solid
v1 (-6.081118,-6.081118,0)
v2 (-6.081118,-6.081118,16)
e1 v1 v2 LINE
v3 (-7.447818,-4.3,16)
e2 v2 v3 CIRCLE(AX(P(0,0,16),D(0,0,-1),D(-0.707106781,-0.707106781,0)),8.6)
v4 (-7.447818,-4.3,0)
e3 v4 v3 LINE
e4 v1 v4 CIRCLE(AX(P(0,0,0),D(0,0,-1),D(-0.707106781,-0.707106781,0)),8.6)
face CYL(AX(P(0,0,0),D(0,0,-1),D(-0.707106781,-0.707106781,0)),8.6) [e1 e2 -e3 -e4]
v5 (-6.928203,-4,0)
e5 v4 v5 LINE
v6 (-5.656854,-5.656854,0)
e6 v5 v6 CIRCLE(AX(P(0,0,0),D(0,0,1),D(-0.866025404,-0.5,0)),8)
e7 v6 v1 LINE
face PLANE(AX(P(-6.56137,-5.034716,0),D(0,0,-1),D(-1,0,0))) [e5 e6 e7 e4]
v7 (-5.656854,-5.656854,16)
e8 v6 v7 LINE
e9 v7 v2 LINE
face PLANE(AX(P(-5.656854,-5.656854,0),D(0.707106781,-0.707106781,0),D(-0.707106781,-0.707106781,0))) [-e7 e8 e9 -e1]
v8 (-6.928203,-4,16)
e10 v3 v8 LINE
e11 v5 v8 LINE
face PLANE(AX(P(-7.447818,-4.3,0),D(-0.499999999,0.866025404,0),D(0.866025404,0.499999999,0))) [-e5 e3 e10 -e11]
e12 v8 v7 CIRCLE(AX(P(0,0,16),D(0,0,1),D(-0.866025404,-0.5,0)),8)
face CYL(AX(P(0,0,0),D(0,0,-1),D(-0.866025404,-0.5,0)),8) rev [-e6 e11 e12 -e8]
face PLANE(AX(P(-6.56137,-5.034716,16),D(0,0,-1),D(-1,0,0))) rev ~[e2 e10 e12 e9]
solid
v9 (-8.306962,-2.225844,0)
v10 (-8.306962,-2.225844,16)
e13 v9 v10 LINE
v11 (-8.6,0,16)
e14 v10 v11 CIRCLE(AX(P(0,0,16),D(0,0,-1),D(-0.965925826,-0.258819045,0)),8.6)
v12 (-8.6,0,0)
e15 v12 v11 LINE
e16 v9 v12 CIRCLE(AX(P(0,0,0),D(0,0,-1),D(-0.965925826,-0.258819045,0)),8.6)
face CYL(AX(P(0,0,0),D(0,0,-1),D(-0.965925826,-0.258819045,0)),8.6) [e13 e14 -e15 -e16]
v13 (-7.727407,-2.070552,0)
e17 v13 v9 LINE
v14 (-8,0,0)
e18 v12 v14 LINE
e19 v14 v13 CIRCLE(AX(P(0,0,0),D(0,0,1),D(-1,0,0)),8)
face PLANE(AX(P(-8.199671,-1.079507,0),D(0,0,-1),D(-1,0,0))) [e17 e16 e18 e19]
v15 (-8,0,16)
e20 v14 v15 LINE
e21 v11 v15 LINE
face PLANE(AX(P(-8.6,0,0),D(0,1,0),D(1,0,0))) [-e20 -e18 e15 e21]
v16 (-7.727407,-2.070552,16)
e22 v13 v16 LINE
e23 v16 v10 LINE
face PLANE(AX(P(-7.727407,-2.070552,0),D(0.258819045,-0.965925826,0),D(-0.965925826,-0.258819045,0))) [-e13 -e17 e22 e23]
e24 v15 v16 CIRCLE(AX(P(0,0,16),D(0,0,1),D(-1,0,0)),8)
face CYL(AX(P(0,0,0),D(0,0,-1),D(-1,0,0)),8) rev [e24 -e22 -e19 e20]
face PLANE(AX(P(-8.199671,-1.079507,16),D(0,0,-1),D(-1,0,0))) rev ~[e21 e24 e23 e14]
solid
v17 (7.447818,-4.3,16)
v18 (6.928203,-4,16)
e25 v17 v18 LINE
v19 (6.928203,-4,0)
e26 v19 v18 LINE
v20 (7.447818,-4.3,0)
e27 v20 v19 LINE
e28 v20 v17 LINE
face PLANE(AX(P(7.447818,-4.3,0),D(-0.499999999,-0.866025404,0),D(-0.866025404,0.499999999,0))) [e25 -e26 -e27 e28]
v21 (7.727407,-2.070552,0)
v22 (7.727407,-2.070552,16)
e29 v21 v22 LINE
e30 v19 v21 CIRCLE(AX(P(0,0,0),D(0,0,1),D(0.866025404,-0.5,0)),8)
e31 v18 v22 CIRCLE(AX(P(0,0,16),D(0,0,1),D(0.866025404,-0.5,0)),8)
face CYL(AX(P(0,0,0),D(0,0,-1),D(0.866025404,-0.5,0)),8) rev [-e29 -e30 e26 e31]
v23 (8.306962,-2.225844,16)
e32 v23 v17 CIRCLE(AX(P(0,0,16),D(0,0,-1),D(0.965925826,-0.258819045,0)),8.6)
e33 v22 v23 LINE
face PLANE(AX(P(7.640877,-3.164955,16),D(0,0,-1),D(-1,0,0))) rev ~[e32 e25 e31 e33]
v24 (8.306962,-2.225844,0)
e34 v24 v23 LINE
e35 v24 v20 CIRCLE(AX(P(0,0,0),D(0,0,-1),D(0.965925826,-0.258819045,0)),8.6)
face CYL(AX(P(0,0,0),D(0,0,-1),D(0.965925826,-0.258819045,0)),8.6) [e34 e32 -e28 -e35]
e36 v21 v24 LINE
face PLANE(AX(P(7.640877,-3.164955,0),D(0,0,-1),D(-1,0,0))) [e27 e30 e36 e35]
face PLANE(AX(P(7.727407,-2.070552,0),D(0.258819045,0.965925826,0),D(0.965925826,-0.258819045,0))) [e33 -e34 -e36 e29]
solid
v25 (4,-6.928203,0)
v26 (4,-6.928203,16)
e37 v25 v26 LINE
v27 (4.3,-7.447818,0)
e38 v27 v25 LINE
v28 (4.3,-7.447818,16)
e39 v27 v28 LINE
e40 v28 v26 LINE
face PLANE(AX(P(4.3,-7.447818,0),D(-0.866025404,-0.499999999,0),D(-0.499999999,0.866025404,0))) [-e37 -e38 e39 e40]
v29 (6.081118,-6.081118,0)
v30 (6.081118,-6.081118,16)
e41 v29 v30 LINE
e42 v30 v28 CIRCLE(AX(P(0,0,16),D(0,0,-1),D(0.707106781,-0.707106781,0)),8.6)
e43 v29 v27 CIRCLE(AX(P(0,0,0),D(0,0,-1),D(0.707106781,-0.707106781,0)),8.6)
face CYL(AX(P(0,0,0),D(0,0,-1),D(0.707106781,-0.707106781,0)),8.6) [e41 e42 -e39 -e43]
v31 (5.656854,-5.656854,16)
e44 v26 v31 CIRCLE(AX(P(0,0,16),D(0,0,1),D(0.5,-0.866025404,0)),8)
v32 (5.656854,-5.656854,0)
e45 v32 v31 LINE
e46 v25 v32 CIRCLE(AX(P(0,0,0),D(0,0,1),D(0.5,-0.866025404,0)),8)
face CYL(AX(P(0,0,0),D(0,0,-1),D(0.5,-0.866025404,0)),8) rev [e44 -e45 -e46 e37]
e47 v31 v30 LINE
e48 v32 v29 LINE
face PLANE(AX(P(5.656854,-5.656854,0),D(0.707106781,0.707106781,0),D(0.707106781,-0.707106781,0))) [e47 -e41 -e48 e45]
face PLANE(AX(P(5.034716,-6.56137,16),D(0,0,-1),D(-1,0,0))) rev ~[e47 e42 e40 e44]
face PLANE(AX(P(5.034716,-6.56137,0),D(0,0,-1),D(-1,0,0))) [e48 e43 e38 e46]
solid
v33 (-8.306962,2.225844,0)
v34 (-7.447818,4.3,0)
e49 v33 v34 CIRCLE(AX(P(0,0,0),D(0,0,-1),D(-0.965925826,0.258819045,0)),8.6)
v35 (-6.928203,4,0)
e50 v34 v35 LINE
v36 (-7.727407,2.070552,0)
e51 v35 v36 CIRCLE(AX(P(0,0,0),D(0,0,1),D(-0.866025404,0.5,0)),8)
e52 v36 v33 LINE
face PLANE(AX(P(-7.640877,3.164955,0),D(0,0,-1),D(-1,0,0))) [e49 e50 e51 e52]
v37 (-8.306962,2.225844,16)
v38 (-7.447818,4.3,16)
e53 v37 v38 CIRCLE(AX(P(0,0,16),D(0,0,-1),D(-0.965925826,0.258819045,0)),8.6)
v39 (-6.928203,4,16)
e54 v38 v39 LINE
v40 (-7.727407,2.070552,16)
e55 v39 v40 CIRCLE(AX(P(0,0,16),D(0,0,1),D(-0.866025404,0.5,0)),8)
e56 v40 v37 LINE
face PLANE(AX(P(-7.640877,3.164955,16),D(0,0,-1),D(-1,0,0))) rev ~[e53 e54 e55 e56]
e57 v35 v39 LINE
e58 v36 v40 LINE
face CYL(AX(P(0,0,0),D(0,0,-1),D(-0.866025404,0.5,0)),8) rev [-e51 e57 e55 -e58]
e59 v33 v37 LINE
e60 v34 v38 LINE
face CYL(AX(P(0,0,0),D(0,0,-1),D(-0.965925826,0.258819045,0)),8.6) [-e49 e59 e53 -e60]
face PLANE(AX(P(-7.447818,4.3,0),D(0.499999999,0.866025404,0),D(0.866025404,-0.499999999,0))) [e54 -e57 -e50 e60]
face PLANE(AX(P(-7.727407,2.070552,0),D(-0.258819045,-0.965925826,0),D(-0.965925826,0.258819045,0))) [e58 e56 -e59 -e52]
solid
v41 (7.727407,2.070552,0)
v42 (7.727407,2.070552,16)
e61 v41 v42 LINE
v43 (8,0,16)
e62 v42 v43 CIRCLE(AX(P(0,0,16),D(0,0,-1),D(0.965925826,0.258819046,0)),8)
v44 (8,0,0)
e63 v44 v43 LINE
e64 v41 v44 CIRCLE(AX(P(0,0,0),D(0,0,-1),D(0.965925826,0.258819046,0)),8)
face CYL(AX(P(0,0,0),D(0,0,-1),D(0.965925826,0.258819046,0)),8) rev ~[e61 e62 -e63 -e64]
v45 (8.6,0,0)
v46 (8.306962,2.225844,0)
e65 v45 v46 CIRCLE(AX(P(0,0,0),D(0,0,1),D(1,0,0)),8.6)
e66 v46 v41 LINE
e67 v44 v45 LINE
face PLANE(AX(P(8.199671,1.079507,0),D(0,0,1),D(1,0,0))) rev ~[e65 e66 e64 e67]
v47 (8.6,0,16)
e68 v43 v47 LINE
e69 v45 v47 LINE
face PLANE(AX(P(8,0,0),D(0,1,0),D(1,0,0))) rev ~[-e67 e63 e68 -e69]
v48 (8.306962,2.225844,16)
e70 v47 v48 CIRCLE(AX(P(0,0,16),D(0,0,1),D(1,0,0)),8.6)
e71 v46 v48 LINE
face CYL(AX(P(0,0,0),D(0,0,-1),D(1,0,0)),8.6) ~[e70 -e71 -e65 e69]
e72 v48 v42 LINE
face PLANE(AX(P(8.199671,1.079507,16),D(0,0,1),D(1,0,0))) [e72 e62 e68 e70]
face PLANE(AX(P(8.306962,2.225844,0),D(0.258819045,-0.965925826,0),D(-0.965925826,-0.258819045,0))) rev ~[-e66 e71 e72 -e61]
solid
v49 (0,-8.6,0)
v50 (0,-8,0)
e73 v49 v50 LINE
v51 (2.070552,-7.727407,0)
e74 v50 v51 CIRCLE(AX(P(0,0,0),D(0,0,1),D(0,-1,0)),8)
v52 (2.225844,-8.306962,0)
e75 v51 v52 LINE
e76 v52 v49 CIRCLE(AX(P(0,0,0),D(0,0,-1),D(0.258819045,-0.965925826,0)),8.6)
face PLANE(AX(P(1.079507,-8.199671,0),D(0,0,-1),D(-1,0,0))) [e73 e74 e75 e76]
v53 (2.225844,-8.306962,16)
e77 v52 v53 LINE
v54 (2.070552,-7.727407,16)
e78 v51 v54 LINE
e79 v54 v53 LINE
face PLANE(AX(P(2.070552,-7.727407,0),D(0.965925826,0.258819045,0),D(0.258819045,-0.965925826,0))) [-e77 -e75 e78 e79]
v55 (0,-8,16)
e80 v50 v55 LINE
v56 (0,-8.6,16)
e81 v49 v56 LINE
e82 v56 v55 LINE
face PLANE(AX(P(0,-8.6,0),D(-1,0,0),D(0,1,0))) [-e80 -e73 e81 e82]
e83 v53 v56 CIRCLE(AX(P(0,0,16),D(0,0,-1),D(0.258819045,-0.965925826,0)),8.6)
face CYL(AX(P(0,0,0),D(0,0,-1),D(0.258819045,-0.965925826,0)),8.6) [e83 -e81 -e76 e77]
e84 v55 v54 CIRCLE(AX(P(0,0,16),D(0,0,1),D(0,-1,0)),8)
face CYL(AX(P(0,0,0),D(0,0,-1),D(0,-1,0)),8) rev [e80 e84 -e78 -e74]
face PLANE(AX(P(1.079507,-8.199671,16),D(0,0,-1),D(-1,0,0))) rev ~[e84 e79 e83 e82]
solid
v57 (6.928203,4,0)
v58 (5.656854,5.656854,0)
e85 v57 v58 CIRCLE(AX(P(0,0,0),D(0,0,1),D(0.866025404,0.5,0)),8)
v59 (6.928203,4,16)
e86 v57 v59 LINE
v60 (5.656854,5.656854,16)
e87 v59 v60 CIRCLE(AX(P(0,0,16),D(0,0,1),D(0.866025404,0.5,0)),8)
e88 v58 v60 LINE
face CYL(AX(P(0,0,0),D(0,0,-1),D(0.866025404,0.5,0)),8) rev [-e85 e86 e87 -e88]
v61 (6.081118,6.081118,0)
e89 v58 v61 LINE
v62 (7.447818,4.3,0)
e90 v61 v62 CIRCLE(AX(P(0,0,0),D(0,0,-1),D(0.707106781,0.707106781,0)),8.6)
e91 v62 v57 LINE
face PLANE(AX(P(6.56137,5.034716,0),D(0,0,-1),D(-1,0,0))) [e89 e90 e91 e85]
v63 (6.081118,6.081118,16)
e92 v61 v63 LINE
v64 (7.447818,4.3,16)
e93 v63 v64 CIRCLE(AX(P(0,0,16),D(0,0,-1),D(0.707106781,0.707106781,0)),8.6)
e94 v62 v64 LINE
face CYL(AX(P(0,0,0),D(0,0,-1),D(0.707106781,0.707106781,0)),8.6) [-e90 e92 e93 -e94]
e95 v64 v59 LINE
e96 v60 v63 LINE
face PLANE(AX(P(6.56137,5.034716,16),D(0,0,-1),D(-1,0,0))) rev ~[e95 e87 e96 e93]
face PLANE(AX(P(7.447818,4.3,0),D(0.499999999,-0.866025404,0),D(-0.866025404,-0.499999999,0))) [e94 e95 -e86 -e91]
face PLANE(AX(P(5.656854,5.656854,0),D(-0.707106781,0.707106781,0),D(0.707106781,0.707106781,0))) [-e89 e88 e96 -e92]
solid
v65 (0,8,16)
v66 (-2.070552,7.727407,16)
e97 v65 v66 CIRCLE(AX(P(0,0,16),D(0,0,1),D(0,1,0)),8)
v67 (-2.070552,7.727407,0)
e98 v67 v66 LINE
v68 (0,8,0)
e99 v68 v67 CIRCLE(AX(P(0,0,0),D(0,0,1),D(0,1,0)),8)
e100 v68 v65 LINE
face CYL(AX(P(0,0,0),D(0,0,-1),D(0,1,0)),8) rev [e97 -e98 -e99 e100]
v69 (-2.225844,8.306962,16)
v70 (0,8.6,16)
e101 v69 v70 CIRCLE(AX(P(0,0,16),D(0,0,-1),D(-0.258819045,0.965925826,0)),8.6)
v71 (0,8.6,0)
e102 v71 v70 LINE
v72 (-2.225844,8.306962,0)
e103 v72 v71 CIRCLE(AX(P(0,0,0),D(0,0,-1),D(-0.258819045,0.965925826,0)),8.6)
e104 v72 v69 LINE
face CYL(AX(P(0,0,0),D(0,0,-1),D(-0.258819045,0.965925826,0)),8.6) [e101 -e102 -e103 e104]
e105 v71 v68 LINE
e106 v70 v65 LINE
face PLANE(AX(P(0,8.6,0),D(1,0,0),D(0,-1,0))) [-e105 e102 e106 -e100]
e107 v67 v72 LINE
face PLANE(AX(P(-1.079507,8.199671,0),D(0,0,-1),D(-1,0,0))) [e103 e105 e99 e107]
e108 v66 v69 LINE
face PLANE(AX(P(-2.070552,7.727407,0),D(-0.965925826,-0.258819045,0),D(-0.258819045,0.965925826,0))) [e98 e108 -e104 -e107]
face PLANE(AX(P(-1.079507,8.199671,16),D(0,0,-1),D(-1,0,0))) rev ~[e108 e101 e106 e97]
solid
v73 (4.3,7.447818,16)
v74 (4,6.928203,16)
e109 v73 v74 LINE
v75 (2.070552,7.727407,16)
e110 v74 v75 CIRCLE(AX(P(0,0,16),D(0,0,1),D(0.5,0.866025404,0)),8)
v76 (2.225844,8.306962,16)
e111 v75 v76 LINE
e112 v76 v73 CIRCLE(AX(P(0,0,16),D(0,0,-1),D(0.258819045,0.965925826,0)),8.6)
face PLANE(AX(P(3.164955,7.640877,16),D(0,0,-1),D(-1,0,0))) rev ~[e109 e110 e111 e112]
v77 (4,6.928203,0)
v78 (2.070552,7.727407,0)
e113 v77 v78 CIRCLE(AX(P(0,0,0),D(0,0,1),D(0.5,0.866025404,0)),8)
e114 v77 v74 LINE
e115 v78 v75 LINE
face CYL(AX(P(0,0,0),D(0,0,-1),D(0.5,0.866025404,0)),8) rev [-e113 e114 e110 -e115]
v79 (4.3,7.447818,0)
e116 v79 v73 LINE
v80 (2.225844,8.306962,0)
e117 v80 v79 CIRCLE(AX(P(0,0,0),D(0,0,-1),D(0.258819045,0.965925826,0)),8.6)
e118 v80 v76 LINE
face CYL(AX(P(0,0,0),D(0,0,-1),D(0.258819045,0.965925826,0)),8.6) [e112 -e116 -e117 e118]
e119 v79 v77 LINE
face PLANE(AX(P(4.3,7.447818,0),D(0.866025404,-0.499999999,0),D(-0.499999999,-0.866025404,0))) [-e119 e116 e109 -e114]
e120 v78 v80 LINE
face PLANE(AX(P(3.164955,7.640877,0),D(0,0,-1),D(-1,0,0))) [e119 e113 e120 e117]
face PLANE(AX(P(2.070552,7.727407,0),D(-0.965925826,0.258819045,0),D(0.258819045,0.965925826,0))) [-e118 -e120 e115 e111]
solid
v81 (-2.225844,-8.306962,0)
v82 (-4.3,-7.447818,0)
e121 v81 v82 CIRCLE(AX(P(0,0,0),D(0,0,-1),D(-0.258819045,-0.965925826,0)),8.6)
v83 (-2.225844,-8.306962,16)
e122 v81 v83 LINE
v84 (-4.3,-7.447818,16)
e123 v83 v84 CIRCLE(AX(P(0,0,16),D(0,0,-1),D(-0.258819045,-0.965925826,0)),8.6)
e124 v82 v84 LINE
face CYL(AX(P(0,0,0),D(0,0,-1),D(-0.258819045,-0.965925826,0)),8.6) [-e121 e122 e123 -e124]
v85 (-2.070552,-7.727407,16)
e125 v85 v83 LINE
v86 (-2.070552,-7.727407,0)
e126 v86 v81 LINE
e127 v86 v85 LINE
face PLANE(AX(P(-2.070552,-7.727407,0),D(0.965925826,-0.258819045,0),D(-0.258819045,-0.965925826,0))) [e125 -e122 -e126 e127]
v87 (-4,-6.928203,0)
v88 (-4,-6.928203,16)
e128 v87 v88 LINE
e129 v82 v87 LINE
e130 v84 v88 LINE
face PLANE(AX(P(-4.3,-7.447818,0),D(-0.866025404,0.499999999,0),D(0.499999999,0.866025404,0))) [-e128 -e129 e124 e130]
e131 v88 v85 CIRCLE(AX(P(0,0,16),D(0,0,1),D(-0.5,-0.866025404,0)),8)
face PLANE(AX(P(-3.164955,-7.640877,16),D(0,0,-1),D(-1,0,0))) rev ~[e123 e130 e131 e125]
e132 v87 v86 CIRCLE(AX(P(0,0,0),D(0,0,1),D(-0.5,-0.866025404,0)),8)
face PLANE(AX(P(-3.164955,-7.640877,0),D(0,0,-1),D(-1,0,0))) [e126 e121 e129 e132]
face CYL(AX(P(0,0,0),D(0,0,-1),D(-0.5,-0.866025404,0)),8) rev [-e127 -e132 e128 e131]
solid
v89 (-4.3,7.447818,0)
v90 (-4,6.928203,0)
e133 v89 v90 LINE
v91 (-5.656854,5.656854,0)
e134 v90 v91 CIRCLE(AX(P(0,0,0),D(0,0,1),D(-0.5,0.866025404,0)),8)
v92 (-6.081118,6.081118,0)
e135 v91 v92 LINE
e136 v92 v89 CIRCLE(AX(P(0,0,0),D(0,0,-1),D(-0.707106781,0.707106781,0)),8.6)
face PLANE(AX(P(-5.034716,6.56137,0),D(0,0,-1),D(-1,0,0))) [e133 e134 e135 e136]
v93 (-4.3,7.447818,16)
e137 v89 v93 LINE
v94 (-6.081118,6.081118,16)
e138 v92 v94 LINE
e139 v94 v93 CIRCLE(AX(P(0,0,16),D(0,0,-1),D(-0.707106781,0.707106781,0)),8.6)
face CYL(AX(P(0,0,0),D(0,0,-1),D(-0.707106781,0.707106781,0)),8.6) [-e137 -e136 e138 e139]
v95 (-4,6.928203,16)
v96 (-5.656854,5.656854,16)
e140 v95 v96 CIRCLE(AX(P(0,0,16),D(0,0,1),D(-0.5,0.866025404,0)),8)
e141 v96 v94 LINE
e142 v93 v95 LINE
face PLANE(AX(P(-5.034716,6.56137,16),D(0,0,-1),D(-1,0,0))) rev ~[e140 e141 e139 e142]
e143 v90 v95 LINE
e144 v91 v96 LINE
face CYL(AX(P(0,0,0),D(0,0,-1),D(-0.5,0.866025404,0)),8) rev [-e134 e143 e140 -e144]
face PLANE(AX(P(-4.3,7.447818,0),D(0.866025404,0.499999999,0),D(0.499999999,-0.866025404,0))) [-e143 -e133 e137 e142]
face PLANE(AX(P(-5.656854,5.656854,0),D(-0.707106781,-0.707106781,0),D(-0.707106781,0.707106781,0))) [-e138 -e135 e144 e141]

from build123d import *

# Parameters (mm, degrees)
BOSS_EXTRU_1_DEPTH    = 16
BOSS_EXTRU_1_2_DEPTH  = 16
BOSS_EXTRU_1_3_DEPTH  = 16
BOSS_EXTRU_1_4_DEPTH  = 16
BOSS_EXTRU_1_5_DEPTH  = 16
BOSS_EXTRU_1_6_DEPTH  = 16
BOSS_EXTRU_1_7_DEPTH  = 16
BOSS_EXTRU_1_8_DEPTH  = 16
BOSS_EXTRU_1_9_DEPTH  = 16
BOSS_EXTRU_1_10_DEPTH = 16
BOSS_EXTRU_1_11_DEPTH = 16
BOSS_EXTRU_1_12_DEPTH = 16


with BuildPart() as part:
    # Esquisse1 → Boss.-Extru.1 (new body)
    with BuildSketch(Plane.XY):
        with BuildLine():
            Line((8, 0), (8.6, 0))
            ThreePointArc((8.6, 0), (8.526425808, 1.122525253), (8.306962106, 2.225843788))
            Line((8.306962106, 2.225843788), (7.72740661, 2.070552361))
            ThreePointArc((7.72740661, 2.070552361), (7.931558891, 1.044209538), (8, 0))
        make_face()
    extrude(amount=BOSS_EXTRU_1_DEPTH)


with BuildPart() as body_2:
    # Esquisse1 → Boss.-Extru.1 2 (new body)
    with BuildSketch(Plane.XY):
        with BuildLine():
            Line((7.72740661, -2.070552361), (8.306962106, -2.225843788))
            ThreePointArc((8.306962106, -2.225843788), (7.94536398, -3.291077518), (7.447818473, -4.3))
            Line((7.447818473, -4.3), (6.92820323, -4))
            ThreePointArc((6.92820323, -4), (7.39103626, -3.061467459), (7.72740661, -2.070552361))
        make_face()
    extrude(amount=BOSS_EXTRU_1_2_DEPTH)


with BuildPart() as body_3:
    # Esquisse1 → Boss.-Extru.1 3 (new body)
    with BuildSketch(Plane.XY):
        with BuildLine():
            Line((5.656854249, -5.656854249), (6.081118318, -6.081118318))
            ThreePointArc((6.081118318, -6.081118318), (5.235348289, -6.822838727), (4.3, -7.447818473))
            Line((4.3, -7.447818473), (4, -6.92820323))
            ThreePointArc((4, -6.92820323), (4.870091432, -6.346826722), (5.656854249, -5.656854249))
        make_face()
    extrude(amount=BOSS_EXTRU_1_3_DEPTH)


with BuildPart() as body_4:
    # Esquisse1 → Boss.-Extru.1 4 (new body)
    with BuildSketch(Plane.XY):
        with BuildLine():
            Line((2.070552361, -7.72740661), (2.225843788, -8.306962106))
            ThreePointArc((2.225843788, -8.306962106), (1.122525253, -8.526425808), (0, -8.6))
            Line((0, -8.6), (0, -8))
            ThreePointArc((0, -8), (1.044209538, -7.931558891), (2.070552361, -7.72740661))
        make_face()
    extrude(amount=BOSS_EXTRU_1_4_DEPTH)


with BuildPart() as body_5:
    # Esquisse1 → Boss.-Extru.1 5 (new body)
    with BuildSketch(Plane.XY):
        with BuildLine():
            Line((-2.070552361, -7.72740661), (-2.225843788, -8.306962106))
            ThreePointArc((-2.225843788, -8.306962106), (-3.291077518, -7.94536398), (-4.3, -7.447818473))
            Line((-4.3, -7.447818473), (-4, -6.92820323))
            ThreePointArc((-4, -6.92820323), (-3.061467459, -7.39103626), (-2.070552361, -7.72740661))
        make_face()
    extrude(amount=BOSS_EXTRU_1_5_DEPTH)


with BuildPart() as body_6:
    # Esquisse1 → Boss.-Extru.1 6 (new body)
    with BuildSketch(Plane.XY):
        with BuildLine():
            Line((-5.656854249, -5.656854249), (-6.081118318, -6.081118318))
            ThreePointArc((-6.081118318, -6.081118318), (-6.822838727, -5.235348289), (-7.447818473, -4.3))
            Line((-7.447818473, -4.3), (-6.92820323, -4))
            ThreePointArc((-6.92820323, -4), (-6.346826722, -4.870091432), (-5.656854249, -5.656854249))
        make_face()
    extrude(amount=BOSS_EXTRU_1_6_DEPTH)


with BuildPart() as body_7:
    # Esquisse1 → Boss.-Extru.1 7 (new body)
    with BuildSketch(Plane.XY):
        with BuildLine():
            Line((-7.72740661, -2.070552361), (-8.306962106, -2.225843788))
            ThreePointArc((-8.306962106, -2.225843788), (-8.526425808, -1.122525253), (-8.6, 0))
            Line((-8.6, 0), (-8, 0))
            ThreePointArc((-8, 0), (-7.931558891, -1.044209538), (-7.72740661, -2.070552361))
        make_face()
    extrude(amount=BOSS_EXTRU_1_7_DEPTH)


with BuildPart() as body_8:
    # Esquisse1 → Boss.-Extru.1 8 (new body)
    with BuildSketch(Plane.XY):
        with BuildLine():
            Line((-7.72740661, 2.070552361), (-8.306962106, 2.225843788))
            ThreePointArc((-8.306962106, 2.225843788), (-7.94536398, 3.291077518), (-7.447818473, 4.3))
            Line((-7.447818473, 4.3), (-6.92820323, 4))
            ThreePointArc((-6.92820323, 4), (-7.39103626, 3.061467459), (-7.72740661, 2.070552361))
        make_face()
    extrude(amount=BOSS_EXTRU_1_8_DEPTH)


with BuildPart() as body_9:
    # Esquisse1 → Boss.-Extru.1 9 (new body)
    with BuildSketch(Plane.XY):
        with BuildLine():
            Line((-5.656854249, 5.656854249), (-6.081118318, 6.081118318))
            ThreePointArc((-6.081118318, 6.081118318), (-5.235348289, 6.822838727), (-4.3, 7.447818473))
            Line((-4.3, 7.447818473), (-4, 6.92820323))
            ThreePointArc((-4, 6.92820323), (-4.870091432, 6.346826722), (-5.656854249, 5.656854249))
        make_face()
    extrude(amount=BOSS_EXTRU_1_9_DEPTH)


with BuildPart() as body_10:
    # Esquisse1 → Boss.-Extru.1 10 (new body)
    with BuildSketch(Plane.XY):
        with BuildLine():
            Line((-2.070552361, 7.72740661), (-2.225843788, 8.306962106))
            ThreePointArc((-2.225843788, 8.306962106), (-1.122525253, 8.526425808), (0, 8.6))
            Line((0, 8.6), (0, 8))
            ThreePointArc((0, 8), (-1.044209538, 7.931558891), (-2.070552361, 7.72740661))
        make_face()
    extrude(amount=BOSS_EXTRU_1_10_DEPTH)


with BuildPart() as body_11:
    # Esquisse1 → Boss.-Extru.1 11 (new body)
    with BuildSketch(Plane.XY):
        with BuildLine():
            Line((2.070552361, 7.72740661), (2.225843788, 8.306962106))
            ThreePointArc((2.225843788, 8.306962106), (3.291077518, 7.94536398), (4.3, 7.447818473))
            Line((4.3, 7.447818473), (4, 6.92820323))
            ThreePointArc((4, 6.92820323), (3.061467459, 7.39103626), (2.070552361, 7.72740661))
        make_face()
    extrude(amount=BOSS_EXTRU_1_11_DEPTH)


with BuildPart() as body_12:
    # Esquisse1 → Boss.-Extru.1 12 (new body)
    with BuildSketch(Plane.XY):
        with BuildLine():
            Line((5.656854249, 5.656854249), (6.081118318, 6.081118318))
            ThreePointArc((6.081118318, 6.081118318), (6.822838727, 5.235348289), (7.447818473, 4.3))
            Line((7.447818473, 4.3), (6.92820323, 4))
            ThreePointArc((6.92820323, 4), (6.346826722, 4.870091432), (5.656854249, 5.656854249))
        make_face()
    extrude(amount=BOSS_EXTRU_1_12_DEPTH)


solid = Compound([part.part, body_2.part, body_3.part, body_4.part, body_5.part, body_6.part, body_7.part, body_8.part, body_9.part, body_10.part, body_11.part, body_12.part])
